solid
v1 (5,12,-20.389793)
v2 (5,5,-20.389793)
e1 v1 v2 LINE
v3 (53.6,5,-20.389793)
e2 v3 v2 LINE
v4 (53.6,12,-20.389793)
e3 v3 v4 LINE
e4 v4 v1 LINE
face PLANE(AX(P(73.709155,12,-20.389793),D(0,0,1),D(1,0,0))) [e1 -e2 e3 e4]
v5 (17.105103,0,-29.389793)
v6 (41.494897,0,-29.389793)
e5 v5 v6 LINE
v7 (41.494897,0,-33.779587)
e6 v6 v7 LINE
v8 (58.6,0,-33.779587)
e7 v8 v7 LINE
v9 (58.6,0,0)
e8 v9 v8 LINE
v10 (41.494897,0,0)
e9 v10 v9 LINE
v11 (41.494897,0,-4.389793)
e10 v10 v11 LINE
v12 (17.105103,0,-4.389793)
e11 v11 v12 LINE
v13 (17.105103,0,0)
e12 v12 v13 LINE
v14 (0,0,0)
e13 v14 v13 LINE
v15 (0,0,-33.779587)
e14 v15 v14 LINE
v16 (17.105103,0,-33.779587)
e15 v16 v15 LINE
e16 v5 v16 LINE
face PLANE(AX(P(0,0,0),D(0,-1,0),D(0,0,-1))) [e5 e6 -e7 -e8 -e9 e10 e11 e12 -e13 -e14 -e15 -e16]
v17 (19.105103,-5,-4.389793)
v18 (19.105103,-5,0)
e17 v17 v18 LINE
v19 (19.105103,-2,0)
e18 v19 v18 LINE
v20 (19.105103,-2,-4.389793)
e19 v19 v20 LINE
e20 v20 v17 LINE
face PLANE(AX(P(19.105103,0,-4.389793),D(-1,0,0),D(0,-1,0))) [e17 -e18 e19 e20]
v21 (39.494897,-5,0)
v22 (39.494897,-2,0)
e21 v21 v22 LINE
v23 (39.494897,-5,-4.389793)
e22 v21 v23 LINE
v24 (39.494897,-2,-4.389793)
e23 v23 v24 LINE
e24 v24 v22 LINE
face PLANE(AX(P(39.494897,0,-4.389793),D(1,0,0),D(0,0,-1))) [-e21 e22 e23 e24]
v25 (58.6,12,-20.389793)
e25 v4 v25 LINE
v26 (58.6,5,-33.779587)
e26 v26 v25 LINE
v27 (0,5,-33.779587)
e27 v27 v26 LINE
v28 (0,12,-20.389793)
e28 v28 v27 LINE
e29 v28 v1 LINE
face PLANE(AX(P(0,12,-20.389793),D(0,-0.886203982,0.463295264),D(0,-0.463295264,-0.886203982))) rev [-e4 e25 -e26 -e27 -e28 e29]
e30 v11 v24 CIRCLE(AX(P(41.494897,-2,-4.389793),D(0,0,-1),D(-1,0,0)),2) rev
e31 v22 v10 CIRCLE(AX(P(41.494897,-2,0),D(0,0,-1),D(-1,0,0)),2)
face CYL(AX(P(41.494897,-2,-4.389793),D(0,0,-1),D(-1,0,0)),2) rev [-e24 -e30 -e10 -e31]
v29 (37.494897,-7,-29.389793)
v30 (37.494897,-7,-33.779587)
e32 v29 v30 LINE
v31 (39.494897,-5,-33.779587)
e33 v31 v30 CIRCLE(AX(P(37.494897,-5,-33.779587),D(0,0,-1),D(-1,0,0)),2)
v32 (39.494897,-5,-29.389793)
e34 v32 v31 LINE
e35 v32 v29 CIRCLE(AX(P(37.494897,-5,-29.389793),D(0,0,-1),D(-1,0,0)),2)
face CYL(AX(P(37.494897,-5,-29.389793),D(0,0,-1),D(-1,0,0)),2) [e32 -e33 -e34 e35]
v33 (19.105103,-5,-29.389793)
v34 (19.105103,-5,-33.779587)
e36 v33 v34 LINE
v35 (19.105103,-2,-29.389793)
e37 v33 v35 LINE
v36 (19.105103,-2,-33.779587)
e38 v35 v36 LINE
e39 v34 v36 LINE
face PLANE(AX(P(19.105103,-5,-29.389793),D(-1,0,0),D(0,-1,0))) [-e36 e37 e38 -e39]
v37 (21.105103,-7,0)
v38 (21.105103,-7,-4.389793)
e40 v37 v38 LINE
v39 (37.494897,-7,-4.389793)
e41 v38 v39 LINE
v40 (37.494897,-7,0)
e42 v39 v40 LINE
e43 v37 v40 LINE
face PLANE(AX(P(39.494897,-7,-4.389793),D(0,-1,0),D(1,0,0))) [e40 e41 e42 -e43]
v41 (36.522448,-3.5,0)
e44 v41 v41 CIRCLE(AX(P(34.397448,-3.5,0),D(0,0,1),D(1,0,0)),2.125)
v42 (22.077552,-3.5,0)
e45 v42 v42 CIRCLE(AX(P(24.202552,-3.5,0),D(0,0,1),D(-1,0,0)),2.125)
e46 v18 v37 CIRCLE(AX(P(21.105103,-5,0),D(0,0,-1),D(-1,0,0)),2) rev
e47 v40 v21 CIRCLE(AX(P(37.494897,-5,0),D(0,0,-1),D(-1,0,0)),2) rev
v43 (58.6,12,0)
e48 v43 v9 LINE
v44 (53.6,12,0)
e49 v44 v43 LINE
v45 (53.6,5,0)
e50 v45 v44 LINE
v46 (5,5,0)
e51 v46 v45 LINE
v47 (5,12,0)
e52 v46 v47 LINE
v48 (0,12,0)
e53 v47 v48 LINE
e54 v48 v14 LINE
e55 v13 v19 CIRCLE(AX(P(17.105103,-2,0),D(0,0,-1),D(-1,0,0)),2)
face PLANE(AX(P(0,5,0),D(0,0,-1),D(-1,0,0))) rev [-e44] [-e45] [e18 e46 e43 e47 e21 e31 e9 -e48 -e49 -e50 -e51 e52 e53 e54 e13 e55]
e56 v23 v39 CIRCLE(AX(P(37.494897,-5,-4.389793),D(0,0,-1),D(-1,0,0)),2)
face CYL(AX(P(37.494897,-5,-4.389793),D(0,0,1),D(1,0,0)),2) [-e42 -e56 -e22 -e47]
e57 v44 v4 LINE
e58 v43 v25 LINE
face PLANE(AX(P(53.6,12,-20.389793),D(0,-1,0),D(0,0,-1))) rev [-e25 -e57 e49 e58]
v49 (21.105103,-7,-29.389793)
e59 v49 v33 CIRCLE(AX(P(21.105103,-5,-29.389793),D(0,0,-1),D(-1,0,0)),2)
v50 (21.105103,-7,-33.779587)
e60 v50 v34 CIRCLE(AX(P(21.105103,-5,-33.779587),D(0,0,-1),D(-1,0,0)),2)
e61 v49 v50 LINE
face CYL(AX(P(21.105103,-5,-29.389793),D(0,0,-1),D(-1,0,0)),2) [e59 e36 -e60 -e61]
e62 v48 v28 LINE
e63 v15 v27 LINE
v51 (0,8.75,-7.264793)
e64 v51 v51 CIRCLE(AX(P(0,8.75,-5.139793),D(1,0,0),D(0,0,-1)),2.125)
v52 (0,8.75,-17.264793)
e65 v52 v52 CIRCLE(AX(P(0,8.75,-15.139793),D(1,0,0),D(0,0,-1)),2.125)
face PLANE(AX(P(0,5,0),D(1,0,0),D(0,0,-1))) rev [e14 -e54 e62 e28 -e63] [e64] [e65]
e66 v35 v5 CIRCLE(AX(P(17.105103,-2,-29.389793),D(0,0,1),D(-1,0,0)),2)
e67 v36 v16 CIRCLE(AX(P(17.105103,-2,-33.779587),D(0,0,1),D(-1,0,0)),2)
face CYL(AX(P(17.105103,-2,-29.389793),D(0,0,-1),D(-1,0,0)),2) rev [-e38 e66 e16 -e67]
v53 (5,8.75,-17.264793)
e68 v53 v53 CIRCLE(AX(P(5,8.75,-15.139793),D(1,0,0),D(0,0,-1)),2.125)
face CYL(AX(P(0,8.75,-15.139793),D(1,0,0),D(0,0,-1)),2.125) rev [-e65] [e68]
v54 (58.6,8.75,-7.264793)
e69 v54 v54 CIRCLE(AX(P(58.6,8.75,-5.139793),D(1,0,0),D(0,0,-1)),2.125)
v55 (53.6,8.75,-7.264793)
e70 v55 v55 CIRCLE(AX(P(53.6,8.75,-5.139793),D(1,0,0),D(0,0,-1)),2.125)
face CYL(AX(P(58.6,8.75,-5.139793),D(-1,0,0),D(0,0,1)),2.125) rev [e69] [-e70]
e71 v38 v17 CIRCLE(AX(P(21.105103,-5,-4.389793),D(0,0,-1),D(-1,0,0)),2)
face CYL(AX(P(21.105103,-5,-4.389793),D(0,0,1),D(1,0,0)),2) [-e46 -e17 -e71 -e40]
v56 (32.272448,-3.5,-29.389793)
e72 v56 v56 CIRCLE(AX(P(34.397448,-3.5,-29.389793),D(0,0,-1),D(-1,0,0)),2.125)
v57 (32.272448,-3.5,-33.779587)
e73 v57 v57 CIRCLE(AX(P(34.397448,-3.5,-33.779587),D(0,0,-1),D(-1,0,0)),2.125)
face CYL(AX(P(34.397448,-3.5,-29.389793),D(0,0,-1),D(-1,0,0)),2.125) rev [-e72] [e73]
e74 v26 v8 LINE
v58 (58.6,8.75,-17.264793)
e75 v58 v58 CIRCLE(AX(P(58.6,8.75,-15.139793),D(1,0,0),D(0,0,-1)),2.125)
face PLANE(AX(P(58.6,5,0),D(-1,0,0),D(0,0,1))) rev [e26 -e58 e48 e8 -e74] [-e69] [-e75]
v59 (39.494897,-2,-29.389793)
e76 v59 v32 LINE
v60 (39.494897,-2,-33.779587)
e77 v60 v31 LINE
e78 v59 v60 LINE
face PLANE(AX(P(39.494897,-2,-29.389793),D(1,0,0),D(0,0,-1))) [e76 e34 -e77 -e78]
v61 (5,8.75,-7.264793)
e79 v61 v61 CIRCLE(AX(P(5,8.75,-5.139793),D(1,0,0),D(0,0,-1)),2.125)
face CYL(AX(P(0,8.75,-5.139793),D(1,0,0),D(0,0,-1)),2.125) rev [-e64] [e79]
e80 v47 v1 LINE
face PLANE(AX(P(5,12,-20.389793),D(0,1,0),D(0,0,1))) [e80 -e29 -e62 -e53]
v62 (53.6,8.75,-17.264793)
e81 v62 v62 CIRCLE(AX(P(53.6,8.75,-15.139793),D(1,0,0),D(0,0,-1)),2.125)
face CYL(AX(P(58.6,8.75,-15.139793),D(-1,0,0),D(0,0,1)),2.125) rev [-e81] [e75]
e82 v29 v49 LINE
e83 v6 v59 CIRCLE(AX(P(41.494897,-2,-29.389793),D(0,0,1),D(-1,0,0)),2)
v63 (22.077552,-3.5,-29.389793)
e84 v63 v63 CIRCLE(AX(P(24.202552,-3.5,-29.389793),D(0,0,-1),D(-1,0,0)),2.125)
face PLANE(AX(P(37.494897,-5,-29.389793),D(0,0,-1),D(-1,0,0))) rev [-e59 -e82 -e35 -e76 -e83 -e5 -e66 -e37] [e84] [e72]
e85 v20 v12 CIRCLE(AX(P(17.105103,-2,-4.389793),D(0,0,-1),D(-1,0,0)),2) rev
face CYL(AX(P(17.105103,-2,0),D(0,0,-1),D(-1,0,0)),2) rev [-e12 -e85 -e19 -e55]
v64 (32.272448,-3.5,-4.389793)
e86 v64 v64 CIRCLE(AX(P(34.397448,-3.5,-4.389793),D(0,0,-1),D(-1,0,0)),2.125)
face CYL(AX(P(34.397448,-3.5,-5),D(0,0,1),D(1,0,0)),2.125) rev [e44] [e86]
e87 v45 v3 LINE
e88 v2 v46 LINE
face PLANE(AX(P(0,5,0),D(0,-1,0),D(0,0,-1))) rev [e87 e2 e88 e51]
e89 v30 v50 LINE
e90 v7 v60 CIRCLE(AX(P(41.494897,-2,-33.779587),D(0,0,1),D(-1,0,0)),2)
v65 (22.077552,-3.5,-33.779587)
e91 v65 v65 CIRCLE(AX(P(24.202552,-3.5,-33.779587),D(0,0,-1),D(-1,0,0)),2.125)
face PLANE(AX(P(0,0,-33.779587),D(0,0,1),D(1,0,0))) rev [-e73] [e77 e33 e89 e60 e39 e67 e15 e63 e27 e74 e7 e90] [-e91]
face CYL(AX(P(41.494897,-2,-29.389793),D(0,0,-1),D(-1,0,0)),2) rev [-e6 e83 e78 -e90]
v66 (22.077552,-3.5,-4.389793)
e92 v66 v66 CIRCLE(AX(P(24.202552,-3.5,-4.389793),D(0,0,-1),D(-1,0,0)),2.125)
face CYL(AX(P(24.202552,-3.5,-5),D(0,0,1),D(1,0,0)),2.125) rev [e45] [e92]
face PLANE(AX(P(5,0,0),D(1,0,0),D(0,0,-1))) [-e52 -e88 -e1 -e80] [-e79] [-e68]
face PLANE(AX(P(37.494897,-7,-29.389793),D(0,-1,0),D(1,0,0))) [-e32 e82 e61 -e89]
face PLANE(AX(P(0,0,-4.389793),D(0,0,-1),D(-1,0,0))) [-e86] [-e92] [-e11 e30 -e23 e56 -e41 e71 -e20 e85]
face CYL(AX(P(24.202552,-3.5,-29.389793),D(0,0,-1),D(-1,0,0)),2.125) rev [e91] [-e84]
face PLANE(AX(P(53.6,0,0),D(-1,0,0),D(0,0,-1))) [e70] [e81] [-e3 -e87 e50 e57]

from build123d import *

# Parameters (mm, degrees)
SKETCH1_W                  = 58.6
SKETCH1_H                  = 20.38979341
BRACKETBASE_DEPTH          = 5
SKETCH2_W                  = 20.38979341
SKETCH2_H                  = 12
LEGMOUNTINGTAB_DEPTH       = 5
SKETCH3_R                  = 2.125
LEGMOUNTINGHOLES_DEPTH     = 5
SKETCH4_W                  = 20.38979341
SKETCH4_H                  = 7
ARDUINOMOUNTINGTAB_DEPTH   = 4.38979341
SKETCH5_R                  = 2.125
ARDUINOMOUNTINGHOLES_DEPTH = 5
FILLET1_R                  = 2
BOSS_EXTRUDE1_DEPTH        = 13.38979341
SKETCH7_R                  = 2.125
BOSS_EXTRUDE2_DEPTH        = 4.38979341
CUT_EXTRUDE1_DEPTH         = 69.695127089
CUT_EXTRUDE1_DEPTH_BACK    = 69.695127089
BOSS_EXTRUDE3_DEPTH        = 58.6


with BuildPart() as part:
    # Sketch1 → bracketBase (new body)
    with BuildSketch(Plane(origin=(0, 0, 0), x_dir=(1, 0, 0), z_dir=(0, 1, 0))):
        with Locations((29.3, 10.194896705)):
            Rectangle(SKETCH1_W, SKETCH1_H)
    extrude(amount=BRACKETBASE_DEPTH)

    # Sketch2 → legMountingTab (add)
    with BuildSketch(Plane.ZY):
        with Locations((-10.194896705, 6)):
            Rectangle(SKETCH2_W, SKETCH2_H)
    legmountingtab = extrude(amount=-LEGMOUNTINGTAB_DEPTH)

    # Sketch3 → legMountingHoles (cut)
    with BuildSketch(Plane(origin=(5, 0, 0), x_dir=(0, 0, -1), z_dir=(1, 0, 0))):
        with Locations((15.13979341, 8.75)):
            Circle(SKETCH3_R)
        with Locations((5.13979341, 8.75)):
            Circle(SKETCH3_R)
    legmountingholes = extrude(amount=-LEGMOUNTINGHOLES_DEPTH, mode=Mode.SUBTRACT)

    # legMountingHoles2: legMountingTab, legMountingHoles across plane
    add(legmountingtab.mirror(Plane.ZY.offset(-29.3)))
    add(legmountingholes.mirror(Plane.ZY.offset(-29.3)), mode=Mode.SUBTRACT)

    # Sketch4 → arduinoMountingTab (add)
    with BuildSketch(Plane.XY):
        with Locations((29.3, -3.5)):
            Rectangle(SKETCH4_W, SKETCH4_H)
    extrude(amount=-ARDUINOMOUNTINGTAB_DEPTH)

    # Sketch5 → arduinoMountingHoles (cut)
    with BuildSketch(Plane.XY):
        with Locations((34.397448352, -3.5)):
            Circle(SKETCH5_R)
        with Locations(Location((24.202551647, -3.5, 0), (0, 0, 180))):
            Circle(SKETCH5_R)
    extrude(amount=-ARDUINOMOUNTINGHOLES_DEPTH, mode=Mode.SUBTRACT)

    # Fillet1
    fillet1_edges = [part.edges().sort_by_distance(p)[0] for p in [
        (39.494896705, 0, -2.194896705),
        (39.494896705, -7, -2.194896705),
        (19.105103295, -7, -2.194896705),
        (19.105103295, 0, -2.194896705),
    ]]
    fillet(fillet1_edges, radius=FILLET1_R)

    # Sketch6 → Boss-Extrude1 (add)
    with BuildSketch(Plane(origin=(0, 0, -20.38979341), x_dir=(-1, 0, 0), z_dir=(0, 0, -1))):
        Polygon((-5, 5), (-53.6, 5), (-53.6, 12), (-58.6, 12), (-58.6, 0), (0, 0), (0, 12), (-5, 12), align=None)
    extrude(amount=BOSS_EXTRUDE1_DEPTH)

    # Sketch7 → Boss-Extrude2 (add)
    with BuildSketch(Plane(origin=(0, 0, -33.77958682), x_dir=(-1, 0, 0), z_dir=(0, 0, -1))):
        with BuildLine():
            Line((-37.494896705, -7), (-21.105103295, -7))
            ThreePointArc((-21.105103295, -7), (-19.690889733, -6.414213562), (-19.105103295, -5))
            Line((-19.105103295, -5), (-19.105103295, -2))
            ThreePointArc((-19.105103295, -2), (-18.519316857, -0.585786438), (-17.105103295, 0))
            Line((-17.105103295, 0), (-41.494896705, 0))
            ThreePointArc((-41.494896705, 0), (-40.080683143, -0.585786438), (-39.494896705, -2))
            Line((-39.494896705, -2), (-39.494896705, -5))
            ThreePointArc((-39.494896705, -5), (-38.909110267, -6.414213562), (-37.494896705, -7))
        make_face()
        with Locations(Location((-34.397448352, -3.5, 0), (0, 0, 180))):
            Circle(SKETCH7_R, mode=Mode.SUBTRACT)
        with Locations((-24.202551647, -3.5)):
            Circle(SKETCH7_R, mode=Mode.SUBTRACT)
    extrude(amount=-BOSS_EXTRUDE2_DEPTH)

    # Sketch8 → Cut-Extrude1 (cut, two sides: drawn at the far end of the back side and taken through both)
    with BuildSketch(Plane(origin=(58.6, 0, 0), x_dir=(0, 0, -1), z_dir=(1, 0, 0)).offset(-CUT_EXTRUDE1_DEPTH_BACK)):
        Polygon((20.38979341, 12), (33.77958682, 5), (33.77958682, 12), align=None)
    extrude(amount=CUT_EXTRUDE1_DEPTH + CUT_EXTRUDE1_DEPTH_BACK, mode=Mode.SUBTRACT)

    # Sketch9 → Boss-Extrude3 (add)
    with BuildSketch(Plane.ZY):
        Polygon((-20.38979341, 12), (-20.38979341, 5), (-33.77958682, 5), align=None)
    extrude(amount=-BOSS_EXTRUDE3_DEPTH)


solid = part.part
